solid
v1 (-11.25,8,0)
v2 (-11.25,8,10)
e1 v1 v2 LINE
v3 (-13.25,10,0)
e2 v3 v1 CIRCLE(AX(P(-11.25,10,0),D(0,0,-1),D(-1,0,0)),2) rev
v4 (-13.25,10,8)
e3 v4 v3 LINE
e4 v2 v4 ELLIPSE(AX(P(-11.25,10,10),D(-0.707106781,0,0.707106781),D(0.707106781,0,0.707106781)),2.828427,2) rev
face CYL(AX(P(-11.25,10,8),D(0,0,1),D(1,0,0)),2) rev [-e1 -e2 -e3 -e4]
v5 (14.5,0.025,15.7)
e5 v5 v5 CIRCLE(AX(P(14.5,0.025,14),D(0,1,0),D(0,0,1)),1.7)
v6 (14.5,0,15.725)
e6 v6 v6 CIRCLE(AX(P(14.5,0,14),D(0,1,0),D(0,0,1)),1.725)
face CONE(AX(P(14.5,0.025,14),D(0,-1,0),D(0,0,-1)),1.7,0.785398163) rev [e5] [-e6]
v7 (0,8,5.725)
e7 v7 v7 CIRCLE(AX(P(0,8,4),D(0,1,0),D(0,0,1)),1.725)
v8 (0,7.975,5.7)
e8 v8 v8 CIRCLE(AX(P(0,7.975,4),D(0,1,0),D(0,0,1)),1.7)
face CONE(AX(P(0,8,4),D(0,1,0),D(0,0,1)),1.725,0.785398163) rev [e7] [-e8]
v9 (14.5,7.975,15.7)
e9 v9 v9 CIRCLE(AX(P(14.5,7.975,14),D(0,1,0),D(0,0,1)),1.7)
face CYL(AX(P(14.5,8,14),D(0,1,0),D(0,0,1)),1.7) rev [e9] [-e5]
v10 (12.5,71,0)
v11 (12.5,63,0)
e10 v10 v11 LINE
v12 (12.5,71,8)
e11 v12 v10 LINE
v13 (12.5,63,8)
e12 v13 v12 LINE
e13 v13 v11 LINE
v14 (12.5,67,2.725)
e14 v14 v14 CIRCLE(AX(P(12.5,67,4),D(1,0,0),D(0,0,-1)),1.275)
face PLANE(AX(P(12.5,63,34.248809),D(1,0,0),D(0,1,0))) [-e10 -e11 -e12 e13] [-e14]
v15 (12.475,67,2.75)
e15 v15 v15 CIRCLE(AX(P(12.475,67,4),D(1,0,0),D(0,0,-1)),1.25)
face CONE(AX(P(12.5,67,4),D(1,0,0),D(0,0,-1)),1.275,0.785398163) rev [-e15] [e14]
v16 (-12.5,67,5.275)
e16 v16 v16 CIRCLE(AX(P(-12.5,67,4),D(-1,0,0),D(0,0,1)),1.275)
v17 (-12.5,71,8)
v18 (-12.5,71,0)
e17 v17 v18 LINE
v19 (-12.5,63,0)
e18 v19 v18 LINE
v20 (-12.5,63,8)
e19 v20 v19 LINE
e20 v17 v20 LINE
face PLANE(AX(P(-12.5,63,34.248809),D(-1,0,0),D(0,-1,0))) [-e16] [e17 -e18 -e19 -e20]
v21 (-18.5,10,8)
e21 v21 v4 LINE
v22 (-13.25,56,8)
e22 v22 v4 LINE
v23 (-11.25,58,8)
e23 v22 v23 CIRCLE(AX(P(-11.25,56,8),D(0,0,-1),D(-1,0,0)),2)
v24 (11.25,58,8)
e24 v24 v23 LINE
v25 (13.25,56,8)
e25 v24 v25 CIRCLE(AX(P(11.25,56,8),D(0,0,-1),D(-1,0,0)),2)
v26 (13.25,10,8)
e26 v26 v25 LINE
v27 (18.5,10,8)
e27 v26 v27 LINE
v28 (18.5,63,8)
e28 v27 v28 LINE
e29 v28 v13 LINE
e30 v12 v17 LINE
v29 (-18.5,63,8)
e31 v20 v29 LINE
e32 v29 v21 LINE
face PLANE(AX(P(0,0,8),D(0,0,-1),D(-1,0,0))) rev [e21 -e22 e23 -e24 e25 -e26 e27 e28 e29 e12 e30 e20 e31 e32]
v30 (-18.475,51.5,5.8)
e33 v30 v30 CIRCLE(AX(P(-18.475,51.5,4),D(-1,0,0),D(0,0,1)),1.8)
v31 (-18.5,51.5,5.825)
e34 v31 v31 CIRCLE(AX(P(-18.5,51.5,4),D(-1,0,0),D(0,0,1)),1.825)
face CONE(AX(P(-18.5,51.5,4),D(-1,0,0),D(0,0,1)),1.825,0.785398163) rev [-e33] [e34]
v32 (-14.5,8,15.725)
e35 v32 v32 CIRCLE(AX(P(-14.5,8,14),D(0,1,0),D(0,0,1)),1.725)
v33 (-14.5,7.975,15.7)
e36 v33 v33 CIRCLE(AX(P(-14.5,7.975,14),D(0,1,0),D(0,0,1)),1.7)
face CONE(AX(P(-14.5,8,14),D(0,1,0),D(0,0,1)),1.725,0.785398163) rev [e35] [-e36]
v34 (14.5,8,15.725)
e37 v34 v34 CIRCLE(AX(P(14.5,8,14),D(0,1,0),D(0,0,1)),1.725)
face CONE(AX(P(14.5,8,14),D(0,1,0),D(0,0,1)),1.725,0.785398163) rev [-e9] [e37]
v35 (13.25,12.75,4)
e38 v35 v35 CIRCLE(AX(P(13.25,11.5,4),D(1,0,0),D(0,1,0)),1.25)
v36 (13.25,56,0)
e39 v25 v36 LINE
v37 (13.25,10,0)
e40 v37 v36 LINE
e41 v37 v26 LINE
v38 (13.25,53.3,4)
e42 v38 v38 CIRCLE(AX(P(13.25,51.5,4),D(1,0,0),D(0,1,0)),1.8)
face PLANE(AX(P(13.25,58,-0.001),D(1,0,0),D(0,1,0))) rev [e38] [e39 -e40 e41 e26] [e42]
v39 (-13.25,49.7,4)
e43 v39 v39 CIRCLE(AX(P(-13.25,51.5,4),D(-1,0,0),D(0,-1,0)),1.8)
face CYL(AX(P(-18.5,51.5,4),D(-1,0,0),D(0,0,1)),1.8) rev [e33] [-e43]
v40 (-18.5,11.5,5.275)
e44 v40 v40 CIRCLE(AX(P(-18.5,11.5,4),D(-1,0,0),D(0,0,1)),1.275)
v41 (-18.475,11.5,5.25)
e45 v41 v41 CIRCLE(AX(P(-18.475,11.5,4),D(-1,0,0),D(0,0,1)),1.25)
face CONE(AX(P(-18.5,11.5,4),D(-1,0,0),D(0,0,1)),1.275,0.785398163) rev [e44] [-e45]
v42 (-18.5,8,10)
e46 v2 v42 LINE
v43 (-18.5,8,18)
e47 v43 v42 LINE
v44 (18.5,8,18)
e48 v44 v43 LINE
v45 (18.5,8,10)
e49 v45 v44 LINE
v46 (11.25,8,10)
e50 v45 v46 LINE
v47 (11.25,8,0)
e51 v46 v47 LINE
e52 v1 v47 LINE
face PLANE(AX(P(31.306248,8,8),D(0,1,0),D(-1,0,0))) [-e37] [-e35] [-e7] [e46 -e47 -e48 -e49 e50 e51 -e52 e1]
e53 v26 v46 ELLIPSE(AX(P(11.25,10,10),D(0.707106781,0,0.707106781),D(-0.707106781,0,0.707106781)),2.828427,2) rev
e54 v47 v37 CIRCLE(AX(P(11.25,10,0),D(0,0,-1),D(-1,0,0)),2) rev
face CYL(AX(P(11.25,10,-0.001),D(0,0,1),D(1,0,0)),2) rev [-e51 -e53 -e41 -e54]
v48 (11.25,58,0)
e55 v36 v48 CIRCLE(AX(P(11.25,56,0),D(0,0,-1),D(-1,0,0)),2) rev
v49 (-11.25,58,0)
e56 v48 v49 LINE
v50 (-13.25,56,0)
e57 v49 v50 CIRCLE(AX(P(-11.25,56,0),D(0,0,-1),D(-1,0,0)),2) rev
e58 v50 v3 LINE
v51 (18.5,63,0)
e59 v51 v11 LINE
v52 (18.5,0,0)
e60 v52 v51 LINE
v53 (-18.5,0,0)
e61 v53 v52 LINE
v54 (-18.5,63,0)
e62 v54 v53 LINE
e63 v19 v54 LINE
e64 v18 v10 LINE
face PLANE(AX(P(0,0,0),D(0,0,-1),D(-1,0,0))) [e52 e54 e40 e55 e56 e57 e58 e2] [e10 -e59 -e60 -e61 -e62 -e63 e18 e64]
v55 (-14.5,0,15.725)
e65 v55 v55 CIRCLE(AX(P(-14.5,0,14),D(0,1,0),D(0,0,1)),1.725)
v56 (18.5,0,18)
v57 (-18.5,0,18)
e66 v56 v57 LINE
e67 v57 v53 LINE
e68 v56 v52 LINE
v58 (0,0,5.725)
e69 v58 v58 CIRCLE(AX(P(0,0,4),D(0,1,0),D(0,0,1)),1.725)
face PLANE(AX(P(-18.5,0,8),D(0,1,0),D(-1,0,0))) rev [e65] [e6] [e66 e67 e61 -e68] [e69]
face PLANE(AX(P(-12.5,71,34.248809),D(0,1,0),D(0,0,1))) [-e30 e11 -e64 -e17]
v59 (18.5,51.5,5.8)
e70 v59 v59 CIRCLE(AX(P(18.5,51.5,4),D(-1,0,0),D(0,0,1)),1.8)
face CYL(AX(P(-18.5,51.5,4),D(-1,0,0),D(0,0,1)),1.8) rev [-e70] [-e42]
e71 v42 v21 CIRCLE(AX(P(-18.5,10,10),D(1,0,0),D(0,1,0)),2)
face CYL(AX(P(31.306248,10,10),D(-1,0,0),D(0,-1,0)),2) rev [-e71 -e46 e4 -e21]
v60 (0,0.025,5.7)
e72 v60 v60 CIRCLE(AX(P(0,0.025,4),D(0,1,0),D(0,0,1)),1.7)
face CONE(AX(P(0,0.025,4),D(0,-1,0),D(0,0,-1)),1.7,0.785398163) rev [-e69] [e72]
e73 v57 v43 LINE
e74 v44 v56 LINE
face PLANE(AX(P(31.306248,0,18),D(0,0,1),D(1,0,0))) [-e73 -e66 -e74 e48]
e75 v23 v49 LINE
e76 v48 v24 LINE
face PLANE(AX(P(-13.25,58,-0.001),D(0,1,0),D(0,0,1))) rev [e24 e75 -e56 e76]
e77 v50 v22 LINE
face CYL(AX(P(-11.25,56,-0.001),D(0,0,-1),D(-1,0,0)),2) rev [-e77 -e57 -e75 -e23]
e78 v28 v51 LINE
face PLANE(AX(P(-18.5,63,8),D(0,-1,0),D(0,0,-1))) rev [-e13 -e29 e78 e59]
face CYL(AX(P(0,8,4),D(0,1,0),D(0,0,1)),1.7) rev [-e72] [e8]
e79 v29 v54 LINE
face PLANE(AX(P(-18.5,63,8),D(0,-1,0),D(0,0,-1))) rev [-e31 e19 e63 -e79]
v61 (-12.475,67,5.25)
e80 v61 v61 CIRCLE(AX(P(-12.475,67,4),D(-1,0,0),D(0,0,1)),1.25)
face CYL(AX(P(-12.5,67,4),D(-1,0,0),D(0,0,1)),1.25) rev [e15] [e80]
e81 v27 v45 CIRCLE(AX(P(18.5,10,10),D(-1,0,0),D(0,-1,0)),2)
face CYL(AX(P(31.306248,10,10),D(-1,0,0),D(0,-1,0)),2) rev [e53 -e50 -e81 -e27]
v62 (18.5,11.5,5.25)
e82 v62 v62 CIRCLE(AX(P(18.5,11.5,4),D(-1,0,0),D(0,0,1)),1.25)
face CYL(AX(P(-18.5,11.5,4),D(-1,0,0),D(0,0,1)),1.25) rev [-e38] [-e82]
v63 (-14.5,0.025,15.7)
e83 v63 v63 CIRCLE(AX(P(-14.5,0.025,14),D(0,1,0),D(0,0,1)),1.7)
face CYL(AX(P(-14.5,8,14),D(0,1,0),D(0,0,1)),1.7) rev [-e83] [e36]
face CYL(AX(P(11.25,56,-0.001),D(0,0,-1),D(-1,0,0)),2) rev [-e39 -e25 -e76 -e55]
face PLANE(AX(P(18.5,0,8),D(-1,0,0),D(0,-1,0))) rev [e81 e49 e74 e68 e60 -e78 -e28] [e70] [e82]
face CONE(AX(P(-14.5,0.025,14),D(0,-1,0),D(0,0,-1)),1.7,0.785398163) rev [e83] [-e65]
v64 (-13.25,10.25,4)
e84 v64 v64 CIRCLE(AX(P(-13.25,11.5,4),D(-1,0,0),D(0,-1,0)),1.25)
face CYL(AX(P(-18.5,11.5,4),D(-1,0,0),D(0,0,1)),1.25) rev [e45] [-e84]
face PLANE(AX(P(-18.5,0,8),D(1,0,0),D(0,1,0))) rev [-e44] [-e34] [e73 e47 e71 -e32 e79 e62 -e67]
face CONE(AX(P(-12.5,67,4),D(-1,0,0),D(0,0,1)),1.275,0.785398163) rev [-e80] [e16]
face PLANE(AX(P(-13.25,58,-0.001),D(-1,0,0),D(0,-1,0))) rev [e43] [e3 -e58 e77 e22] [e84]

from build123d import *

# Parameters (mm, degrees)
SKETCH1_W                             = 37
SKETCH1_H                             = 63
BOSS_EXTRUDE1_DEPTH                   = 8
SKETCH2_R                             = 1
CUT_EXTRUDE1_DEPTH                    = 10
SKETCH3_W                             = 10
SKETCH3_H                             = 8
BOSS_EXTRUDE2_DEPTH                   = 37
CUT_EXTRUDE2_REACH                    = 68.417
SKETCH4_W                             = 26.5
SKETCH4_H                             = 50
M3_CLEARANCE_HOLE1_AT_2_COUNT         = 2
M3_CLEARANCE_HOLE1_AT_2_PITCH         = 29
M3_CLEARANCE_HOLE1_AT_3_COUNT         = 2
M3_CLEARANCE_HOLE1_AT_3_PITCH         = 17.613914954
FILLET1_R                             = 2
SKETCH8_W                             = 25
SKETCH8_H                             = 8
BOSS_EXTRUDE3_DEPTH                   = 8
SKETCH9_R                             = 1
CUT_EXTRUDE3_DEPTH                    = 5
TAP_DRILL_FOR_M3X0_5_TAP1_D           = 2.5
TAP_DRILL_FOR_M3X0_5_TAP1_CSINK_D     = 2.55
TAP_DRILL_FOR_M3X0_5_TAP1_CSINK_ANGLE = 90
M3_CLEARANCE_HOLE2_D                  = 3.6
M3_CLEARANCE_HOLE2_CSINK_D            = 3.65
M3_CLEARANCE_HOLE2_CSINK_ANGLE        = 90


with BuildPart() as part:
    # Sketch1 → Boss-Extrude1 (new body)
    with BuildSketch(Plane.XY):
        with Locations((0, 31.5)):
            Rectangle(SKETCH1_W, SKETCH1_H)
    extrude(amount=BOSS_EXTRUDE1_DEPTH)

    # Sketch2 → Cut-Extrude1 (cut)
    with BuildSketch(Plane.ZY.offset(18.5)):
        with Locations((4, 51.5)):
            Circle(SKETCH2_R)
        with Locations((4, 11.5)):
            Circle(SKETCH2_R)
    cut_extrude1 = extrude(amount=-CUT_EXTRUDE1_DEPTH, mode=Mode.SUBTRACT)

    # Mirror1: Cut-Extrude1 across plane
    add(cut_extrude1.mirror(Plane(origin=(0, 0, 0), x_dir=(0, 0, 1), z_dir=(1, 0, 0))), mode=Mode.SUBTRACT)

    # Sketch3 → Boss-Extrude2 (add)
    with BuildSketch(Plane.ZY.offset(18.5)):
        with Locations((13, 4)):
            Rectangle(SKETCH3_W, SKETCH3_H)
    extrude(amount=-BOSS_EXTRUDE2_DEPTH)

    # Sketch4 → Cut-Extrude2 (cut, up to next)
    with BuildSketch(Plane.XY.offset(8), mode=Mode.PRIVATE) as cut_extrude2_sk1:
        with Locations((0, 33)):
            Rectangle(SKETCH4_W, SKETCH4_H)
    cut_extrude2_tool1 = extrude(cut_extrude2_sk1.sketch, amount=-CUT_EXTRUDE2_REACH, mode=Mode.PRIVATE) & part.part
    add(cut_extrude2_tool1.solids().sort_by_distance((0, 33, 8))[0], mode=Mode.SUBTRACT)

    # Sketch7 → M3 Clearance Hole1 (revolve, cut)
    with BuildSketch(Plane(origin=(-14.5, 8, 14), x_dir=(0, 0, 1), z_dir=(1, 0, 0))):
        Polygon((0, 0), (0, 8), (1.725, 8), (1.7, 7.975), (1.7, 0.025), (1.725, 0), align=None)
    m3_clearance_hole1 = revolve(axis=Axis((-14.5, 14.35, 14), (0, -1, 0)), mode=Mode.SUBTRACT)

    # M3 Clearance Hole1 at 2: M3 Clearance Hole1 ×2
    with Locations(*[(i * M3_CLEARANCE_HOLE1_AT_2_PITCH, 0, 0) for i in range(1, M3_CLEARANCE_HOLE1_AT_2_COUNT)]):
        add(m3_clearance_hole1, mode=Mode.SUBTRACT)

    # M3 Clearance Hole1 at 3: M3 Clearance Hole1 ×2
    with Locations(*[Vector(0.8232127859153063, 0, -0.5677329558036597) * (i * M3_CLEARANCE_HOLE1_AT_3_PITCH) for i in range(1, M3_CLEARANCE_HOLE1_AT_3_COUNT)]):
        add(m3_clearance_hole1, mode=Mode.SUBTRACT)

    # Fillet1
    fillet1_edges = [part.edges().sort_by_distance(p)[0] for p in [
        (15.875, 8, 8),
        (-15.875, 8, 8),
        (-13.25, 8, 4),
        (-13.25, 58, 4),
        (13.25, 58, 4),
        (13.25, 8, 4),
    ]]
    fillet(fillet1_edges, radius=FILLET1_R)

    # Sketch8 → Boss-Extrude3 (add)
    with BuildSketch(Plane(origin=(0, 0, 0), x_dir=(-1, 0, 0), z_dir=(0, 0, -1))):
        with Locations((0, 67)):
            Rectangle(SKETCH8_W, SKETCH8_H)
    extrude(amount=-BOSS_EXTRUDE3_DEPTH)

    # Sketch9 → Cut-Extrude3 (cut)
    with BuildSketch(Plane.ZY.offset(12.5)):
        with Locations(Location((4, 67, 0), (0, 0, 270))):
            Circle(SKETCH9_R)
    cut_extrude3 = extrude(amount=-CUT_EXTRUDE3_DEPTH, mode=Mode.SUBTRACT)

    # Mirror2: Cut-Extrude3 across plane
    add(cut_extrude3.mirror(Plane(origin=(0, 0, 0), x_dir=(0, 0, 1), z_dir=(1, 0, 0))), mode=Mode.SUBTRACT)

    # Tap Drill for M3x0.5 Tap1 (through all)
    with Locations(Plane.ZY.offset(18.5)):
        with Locations((4, 11.5)):
            CounterSinkHole(TAP_DRILL_FOR_M3X0_5_TAP1_D / 2, TAP_DRILL_FOR_M3X0_5_TAP1_CSINK_D / 2, counter_sink_angle=TAP_DRILL_FOR_M3X0_5_TAP1_CSINK_ANGLE)

    # M3 Clearance Hole2 (through all)
    with Locations(Plane.ZY.offset(18.5)):
        with Locations((4, 51.5)):
            CounterSinkHole(M3_CLEARANCE_HOLE2_D / 2, M3_CLEARANCE_HOLE2_CSINK_D / 2, counter_sink_angle=M3_CLEARANCE_HOLE2_CSINK_ANGLE)

    # Sketch15 → Tap Drill for M3x0.5 Tap2 (revolve, cut)
    with BuildSketch(Plane(origin=(-12.5, 67, 4), x_dir=(0, 0, 1), z_dir=(0, 1, 0))):
        Polygon((0, 0), (0, 20.751075774), (1.25, 20), (1.25, 0.025), (1.275, 0), align=None)
    tap_drill_for_m3x0_5_tap2 = revolve(axis=Axis((-18.85, 67, 4), (1, 0, 0)), mode=Mode.SUBTRACT)

    # Mirror3: Tap Drill for M3x0.5 Tap2 across plane
    add(tap_drill_for_m3x0_5_tap2.mirror(Plane(origin=(0, 0, 0), x_dir=(0, 0, 1), z_dir=(1, 0, 0))), mode=Mode.SUBTRACT)


solid = part.part
